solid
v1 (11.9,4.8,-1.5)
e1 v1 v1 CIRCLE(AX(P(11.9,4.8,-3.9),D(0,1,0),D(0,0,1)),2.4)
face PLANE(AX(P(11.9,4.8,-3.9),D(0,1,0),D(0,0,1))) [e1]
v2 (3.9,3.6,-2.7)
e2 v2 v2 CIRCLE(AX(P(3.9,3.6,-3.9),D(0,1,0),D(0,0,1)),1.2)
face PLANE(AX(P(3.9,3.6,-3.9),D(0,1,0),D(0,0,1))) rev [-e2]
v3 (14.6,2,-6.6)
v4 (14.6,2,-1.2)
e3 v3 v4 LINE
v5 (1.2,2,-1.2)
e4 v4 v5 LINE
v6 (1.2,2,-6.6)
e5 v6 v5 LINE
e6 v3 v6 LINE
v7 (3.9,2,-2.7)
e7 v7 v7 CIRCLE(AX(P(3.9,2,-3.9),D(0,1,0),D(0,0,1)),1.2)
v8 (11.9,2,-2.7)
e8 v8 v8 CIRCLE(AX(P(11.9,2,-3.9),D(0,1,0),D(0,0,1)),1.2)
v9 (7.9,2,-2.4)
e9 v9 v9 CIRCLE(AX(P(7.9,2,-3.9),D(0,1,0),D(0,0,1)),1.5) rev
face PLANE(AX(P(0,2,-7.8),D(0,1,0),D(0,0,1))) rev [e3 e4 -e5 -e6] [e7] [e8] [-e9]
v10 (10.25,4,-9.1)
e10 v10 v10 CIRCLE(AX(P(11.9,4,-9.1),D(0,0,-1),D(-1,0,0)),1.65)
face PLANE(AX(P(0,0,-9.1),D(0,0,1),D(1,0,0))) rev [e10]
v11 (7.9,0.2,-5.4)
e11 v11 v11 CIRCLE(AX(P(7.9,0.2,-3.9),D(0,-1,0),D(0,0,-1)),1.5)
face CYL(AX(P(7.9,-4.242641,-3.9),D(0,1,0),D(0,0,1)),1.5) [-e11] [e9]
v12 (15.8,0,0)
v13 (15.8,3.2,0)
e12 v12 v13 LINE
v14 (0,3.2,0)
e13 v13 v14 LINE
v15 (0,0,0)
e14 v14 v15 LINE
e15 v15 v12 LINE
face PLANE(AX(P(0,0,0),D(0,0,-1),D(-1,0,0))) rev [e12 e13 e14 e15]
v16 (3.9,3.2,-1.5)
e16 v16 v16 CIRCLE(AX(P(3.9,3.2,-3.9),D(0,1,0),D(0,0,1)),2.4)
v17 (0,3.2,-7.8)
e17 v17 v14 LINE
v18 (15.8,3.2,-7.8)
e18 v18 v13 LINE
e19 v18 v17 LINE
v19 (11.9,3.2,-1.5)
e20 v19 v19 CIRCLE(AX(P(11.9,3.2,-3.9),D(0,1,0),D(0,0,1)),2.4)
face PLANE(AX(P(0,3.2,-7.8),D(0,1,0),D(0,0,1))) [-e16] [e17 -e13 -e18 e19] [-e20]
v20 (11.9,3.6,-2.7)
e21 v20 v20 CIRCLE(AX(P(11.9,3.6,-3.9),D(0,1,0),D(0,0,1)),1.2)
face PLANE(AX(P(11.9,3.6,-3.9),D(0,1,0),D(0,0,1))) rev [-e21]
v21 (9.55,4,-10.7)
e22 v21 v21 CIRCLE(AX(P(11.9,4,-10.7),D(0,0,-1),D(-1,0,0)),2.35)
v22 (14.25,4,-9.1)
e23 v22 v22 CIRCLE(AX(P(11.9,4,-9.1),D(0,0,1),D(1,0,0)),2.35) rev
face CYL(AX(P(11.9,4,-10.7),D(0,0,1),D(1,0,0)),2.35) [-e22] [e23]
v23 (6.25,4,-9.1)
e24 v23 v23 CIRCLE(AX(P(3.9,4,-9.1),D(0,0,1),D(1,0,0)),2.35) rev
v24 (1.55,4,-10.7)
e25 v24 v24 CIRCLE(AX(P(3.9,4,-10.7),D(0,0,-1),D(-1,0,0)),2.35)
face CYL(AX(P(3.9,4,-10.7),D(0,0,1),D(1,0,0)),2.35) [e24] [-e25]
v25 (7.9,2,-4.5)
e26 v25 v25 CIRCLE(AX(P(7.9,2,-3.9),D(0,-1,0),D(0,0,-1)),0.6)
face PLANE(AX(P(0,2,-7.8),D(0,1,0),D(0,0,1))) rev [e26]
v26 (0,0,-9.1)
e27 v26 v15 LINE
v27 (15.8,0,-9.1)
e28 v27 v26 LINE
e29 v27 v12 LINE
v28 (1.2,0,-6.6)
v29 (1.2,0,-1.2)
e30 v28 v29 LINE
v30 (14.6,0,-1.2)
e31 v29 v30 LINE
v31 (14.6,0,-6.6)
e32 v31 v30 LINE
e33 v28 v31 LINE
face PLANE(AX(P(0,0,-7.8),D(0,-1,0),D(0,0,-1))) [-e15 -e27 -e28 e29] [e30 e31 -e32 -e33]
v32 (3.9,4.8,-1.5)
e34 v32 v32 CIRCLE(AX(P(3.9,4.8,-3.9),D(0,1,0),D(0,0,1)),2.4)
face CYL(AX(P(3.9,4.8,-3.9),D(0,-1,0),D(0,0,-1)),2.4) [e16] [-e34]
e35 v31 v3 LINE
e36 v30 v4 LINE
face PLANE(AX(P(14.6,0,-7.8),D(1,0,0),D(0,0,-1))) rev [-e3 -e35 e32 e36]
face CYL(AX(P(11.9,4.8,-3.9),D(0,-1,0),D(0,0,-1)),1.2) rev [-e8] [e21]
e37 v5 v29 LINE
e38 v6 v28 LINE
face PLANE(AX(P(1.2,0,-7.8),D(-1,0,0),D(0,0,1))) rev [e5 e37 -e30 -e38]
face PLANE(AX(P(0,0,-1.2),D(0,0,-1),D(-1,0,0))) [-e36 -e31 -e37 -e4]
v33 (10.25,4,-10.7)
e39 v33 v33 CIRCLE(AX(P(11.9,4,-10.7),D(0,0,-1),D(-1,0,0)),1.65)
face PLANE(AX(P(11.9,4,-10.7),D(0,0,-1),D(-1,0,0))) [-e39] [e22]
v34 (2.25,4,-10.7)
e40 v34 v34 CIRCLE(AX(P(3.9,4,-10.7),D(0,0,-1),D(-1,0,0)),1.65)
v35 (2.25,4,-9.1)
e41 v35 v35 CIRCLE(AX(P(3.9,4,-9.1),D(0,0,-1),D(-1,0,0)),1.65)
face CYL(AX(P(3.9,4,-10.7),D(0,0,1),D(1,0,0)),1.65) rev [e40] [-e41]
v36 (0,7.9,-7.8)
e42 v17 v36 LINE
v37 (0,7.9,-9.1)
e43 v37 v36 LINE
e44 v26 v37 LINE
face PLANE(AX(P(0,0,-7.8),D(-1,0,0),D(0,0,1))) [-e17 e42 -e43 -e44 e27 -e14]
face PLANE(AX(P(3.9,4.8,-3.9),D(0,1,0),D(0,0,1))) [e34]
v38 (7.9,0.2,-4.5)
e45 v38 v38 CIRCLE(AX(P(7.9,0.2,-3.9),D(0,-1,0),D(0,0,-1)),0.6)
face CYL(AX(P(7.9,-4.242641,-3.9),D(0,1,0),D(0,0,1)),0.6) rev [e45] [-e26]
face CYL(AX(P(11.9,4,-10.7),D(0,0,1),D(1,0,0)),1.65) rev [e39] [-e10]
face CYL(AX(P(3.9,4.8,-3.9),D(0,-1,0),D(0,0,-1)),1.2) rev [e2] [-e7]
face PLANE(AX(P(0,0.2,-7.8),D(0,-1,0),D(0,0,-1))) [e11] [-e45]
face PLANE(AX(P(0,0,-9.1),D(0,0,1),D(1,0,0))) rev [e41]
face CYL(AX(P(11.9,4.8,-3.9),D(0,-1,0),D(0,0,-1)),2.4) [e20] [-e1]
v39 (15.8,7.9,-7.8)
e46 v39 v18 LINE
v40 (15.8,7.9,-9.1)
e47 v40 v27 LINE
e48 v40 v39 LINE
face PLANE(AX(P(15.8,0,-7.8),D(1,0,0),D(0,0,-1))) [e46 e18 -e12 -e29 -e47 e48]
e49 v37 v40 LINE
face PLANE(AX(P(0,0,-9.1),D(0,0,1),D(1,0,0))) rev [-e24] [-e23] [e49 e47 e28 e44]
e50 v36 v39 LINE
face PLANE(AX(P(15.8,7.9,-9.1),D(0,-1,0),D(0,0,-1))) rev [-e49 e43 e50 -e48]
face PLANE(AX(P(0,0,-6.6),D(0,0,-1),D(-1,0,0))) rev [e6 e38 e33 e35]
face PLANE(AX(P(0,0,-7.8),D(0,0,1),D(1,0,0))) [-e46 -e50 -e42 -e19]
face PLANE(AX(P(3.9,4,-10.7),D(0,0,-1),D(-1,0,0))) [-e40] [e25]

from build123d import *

# Parameters (mm, degrees)
SKETCH1_W            = 15.8
SKETCH1_H            = 3.2
BOSS_EXTRUDE1_DEPTH  = 7.8
SKETCH2_R            = 2.4
BOSS_EXTRUDE2_DEPTH  = 1.6
LPATTERN1_COUNT      = 2
LPATTERN1_PITCH      = 8
LPATTERN1_COUNT_DIR2 = 4
LPATTERN1_PITCH_DIR2 = 8
SHELL1_T             = -1.2
SKETCH3_R            = 1.5
SKETCH3_R_2          = 0.6
BOSS_EXTRUDE3_DEPTH  = 1.8
SKETCH4_W            = 15.8
SKETCH4_H            = 7.9
BOSS_EXTRUDE4_DEPTH  = 1.3
SKETCH5_R            = 2.35
SKETCH5_R_2          = 1.65
BOSS_EXTRUDE5_DEPTH  = 1.6
LPATTERN2_COUNT      = 2
LPATTERN2_PITCH      = 8


with BuildPart() as part:
    # Sketch1 → Boss-Extrude1 (new body)
    with BuildSketch(Plane.XY):
        with Locations((7.9, 1.6)):
            Rectangle(SKETCH1_W, SKETCH1_H)
    extrude(amount=-BOSS_EXTRUDE1_DEPTH)

    # Sketch2 → Boss-Extrude2 (add)
    with BuildSketch(Plane(origin=(0, 3.2, 0), x_dir=(1, 0, 0), z_dir=(0, 1, 0))):
        with Locations(Location((3.9, 3.9, 0), (0, 0, 270))):
            Circle(SKETCH2_R)
    boss_extrude2 = extrude(amount=BOSS_EXTRUDE2_DEPTH)

    # LPattern1: Boss-Extrude2 2 × 4, 6 skipped
    with Locations(*[(j * LPATTERN1_PITCH_DIR2, 0, i * LPATTERN1_PITCH) for i in range(LPATTERN1_COUNT) for j in range(LPATTERN1_COUNT_DIR2) if (i, j) not in ((0, 0), (0, 2), (0, 3), (1, 0), (1, 1), (1, 2), (1, 3))]):
        add(boss_extrude2)

    # Shell1
    shell1_openings = [part.faces().sort_by_distance(p)[0] for p in [
        (7.9, 0, -3.9),
    ]]
    offset(amount=SHELL1_T, openings=shell1_openings, kind=Kind.INTERSECTION)

    # Sketch3 → Boss-Extrude3 (add)
    with BuildSketch(Plane.XZ.offset(-2)):
        with Locations(Location((7.9, -3.9, 0), (0, 0, 90))):
            Circle(SKETCH3_R)
        with Locations(Location((7.9, -3.9, 0), (0, 0, 270))):
            Circle(SKETCH3_R_2, mode=Mode.SUBTRACT)
    extrude(amount=BOSS_EXTRUDE3_DEPTH)

    # Sketch4 → Boss-Extrude4 (add)
    with BuildSketch(Plane(origin=(0, 0, -7.8), x_dir=(-1, 0, 0), z_dir=(0, 0, -1))):
        with Locations((-7.9, 3.95)):
            Rectangle(SKETCH4_W, SKETCH4_H)
    extrude(amount=BOSS_EXTRUDE4_DEPTH)

    # Sketch5 → Boss-Extrude5 (add)
    with BuildSketch(Plane(origin=(0, 0, -9.1), x_dir=(-1, 0, 0), z_dir=(0, 0, -1))):
        with Locations(Location((-11.9, 4, 0), (0, 0, 180))):
            Circle(SKETCH5_R)
        with Locations((-11.9, 4)):
            Circle(SKETCH5_R_2, mode=Mode.SUBTRACT)
    boss_extrude5 = extrude(amount=BOSS_EXTRUDE5_DEPTH)

    # LPattern2: Boss-Extrude5 ×2
    with Locations(*[(-i * LPATTERN2_PITCH, 0, 0) for i in range(1, LPATTERN2_COUNT)]):
        add(boss_extrude5)


solid = part.part
